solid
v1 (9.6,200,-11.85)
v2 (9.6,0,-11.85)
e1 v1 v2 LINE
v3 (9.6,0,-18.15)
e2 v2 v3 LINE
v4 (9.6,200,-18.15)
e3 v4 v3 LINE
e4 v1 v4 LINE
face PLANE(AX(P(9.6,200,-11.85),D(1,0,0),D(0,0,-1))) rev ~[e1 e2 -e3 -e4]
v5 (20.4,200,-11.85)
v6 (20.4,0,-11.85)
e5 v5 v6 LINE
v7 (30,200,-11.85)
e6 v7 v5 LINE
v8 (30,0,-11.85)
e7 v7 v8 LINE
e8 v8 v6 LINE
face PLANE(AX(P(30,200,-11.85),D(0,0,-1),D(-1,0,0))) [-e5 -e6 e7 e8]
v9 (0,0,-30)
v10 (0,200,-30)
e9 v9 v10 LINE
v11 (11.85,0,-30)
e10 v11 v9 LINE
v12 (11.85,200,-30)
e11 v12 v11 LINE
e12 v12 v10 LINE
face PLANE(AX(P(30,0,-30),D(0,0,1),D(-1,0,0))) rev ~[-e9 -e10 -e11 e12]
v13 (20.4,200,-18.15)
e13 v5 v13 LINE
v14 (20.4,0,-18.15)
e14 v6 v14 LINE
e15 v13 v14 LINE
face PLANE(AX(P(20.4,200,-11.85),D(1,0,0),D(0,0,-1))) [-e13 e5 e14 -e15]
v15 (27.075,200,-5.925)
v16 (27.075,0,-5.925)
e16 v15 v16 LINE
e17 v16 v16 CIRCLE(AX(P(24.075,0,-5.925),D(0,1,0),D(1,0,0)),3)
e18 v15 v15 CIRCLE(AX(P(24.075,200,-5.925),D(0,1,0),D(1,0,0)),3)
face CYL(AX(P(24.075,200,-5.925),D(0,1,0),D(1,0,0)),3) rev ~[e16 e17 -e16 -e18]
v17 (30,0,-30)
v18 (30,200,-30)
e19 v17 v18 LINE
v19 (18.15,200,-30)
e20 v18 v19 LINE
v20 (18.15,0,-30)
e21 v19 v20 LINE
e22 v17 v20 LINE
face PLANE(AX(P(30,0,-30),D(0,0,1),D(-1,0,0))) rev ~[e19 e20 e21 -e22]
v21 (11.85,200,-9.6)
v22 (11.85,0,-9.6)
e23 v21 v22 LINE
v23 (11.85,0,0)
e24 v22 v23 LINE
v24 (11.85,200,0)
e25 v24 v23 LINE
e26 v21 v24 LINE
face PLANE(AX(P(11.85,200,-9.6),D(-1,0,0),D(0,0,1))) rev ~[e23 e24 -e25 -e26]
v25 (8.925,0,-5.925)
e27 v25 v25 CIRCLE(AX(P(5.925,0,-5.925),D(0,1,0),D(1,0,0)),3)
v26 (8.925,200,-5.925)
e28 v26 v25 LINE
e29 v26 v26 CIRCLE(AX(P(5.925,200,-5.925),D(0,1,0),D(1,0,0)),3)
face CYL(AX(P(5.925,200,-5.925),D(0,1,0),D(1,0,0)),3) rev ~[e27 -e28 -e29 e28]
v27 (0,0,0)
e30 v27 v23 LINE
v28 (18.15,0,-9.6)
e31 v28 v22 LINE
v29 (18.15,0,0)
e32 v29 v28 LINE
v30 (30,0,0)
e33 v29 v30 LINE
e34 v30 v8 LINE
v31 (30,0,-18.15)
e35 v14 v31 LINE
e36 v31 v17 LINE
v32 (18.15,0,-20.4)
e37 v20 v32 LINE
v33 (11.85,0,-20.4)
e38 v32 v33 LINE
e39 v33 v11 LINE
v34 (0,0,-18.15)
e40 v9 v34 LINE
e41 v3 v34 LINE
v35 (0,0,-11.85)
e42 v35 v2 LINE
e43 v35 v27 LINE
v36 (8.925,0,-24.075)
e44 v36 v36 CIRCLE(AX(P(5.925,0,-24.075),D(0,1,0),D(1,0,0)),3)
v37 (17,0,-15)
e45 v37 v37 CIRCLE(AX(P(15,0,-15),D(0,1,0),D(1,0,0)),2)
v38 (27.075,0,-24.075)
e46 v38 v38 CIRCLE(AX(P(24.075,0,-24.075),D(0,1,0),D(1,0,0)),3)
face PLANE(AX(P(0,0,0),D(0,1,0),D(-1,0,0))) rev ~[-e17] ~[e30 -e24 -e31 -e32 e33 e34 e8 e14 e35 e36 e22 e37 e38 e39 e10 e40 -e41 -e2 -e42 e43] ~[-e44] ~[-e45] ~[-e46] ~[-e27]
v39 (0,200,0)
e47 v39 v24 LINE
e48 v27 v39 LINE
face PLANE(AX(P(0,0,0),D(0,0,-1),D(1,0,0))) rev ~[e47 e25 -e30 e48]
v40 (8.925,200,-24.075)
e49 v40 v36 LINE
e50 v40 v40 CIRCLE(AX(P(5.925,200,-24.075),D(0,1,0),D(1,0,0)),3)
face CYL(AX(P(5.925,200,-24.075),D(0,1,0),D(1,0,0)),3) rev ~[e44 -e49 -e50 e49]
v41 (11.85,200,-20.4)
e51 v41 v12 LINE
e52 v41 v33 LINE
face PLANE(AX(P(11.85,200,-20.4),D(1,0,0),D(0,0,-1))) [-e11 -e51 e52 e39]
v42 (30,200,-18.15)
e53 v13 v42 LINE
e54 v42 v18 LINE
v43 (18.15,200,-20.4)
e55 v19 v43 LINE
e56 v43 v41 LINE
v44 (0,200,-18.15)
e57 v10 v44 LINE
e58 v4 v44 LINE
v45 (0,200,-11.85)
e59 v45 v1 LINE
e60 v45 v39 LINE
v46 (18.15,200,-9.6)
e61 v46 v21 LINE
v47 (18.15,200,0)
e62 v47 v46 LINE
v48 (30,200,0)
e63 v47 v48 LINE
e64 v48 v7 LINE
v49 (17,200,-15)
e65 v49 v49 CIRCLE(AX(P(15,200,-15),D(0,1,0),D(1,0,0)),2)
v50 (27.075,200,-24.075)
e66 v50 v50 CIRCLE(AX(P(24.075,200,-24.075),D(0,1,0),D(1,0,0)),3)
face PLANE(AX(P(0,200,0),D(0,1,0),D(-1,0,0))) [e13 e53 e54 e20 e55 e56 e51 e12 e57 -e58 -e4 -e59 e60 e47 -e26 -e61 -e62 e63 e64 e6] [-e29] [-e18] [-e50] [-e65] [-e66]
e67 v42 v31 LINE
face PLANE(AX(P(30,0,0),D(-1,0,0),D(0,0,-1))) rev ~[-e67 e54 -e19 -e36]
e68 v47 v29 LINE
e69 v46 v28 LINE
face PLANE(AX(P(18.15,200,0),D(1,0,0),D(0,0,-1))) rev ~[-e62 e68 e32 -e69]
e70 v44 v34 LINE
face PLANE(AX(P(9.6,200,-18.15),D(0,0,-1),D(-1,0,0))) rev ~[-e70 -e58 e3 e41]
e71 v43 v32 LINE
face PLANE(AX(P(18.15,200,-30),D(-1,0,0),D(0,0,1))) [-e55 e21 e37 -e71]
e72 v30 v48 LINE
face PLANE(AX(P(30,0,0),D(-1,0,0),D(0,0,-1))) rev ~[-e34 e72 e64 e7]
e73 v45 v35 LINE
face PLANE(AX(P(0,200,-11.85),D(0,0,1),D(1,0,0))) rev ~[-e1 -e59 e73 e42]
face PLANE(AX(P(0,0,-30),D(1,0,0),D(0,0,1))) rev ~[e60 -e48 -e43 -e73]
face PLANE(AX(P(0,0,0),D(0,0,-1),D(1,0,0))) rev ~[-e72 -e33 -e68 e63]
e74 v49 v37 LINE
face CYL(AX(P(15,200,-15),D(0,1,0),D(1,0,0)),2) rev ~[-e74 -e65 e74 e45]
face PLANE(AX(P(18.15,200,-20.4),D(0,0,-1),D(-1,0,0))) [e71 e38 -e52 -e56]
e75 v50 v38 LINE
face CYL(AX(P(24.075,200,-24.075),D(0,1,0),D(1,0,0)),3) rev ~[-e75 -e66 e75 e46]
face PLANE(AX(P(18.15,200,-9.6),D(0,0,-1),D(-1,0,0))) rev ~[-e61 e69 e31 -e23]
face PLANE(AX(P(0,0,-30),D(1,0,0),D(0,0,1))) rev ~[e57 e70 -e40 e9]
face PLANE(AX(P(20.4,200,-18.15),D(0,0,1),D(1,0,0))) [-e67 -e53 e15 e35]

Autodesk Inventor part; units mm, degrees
ref_plane "YZ Plane" through (0, 0, 0) normal (1, 0, 0) x (0, 1, 0)
ref_plane "XZ Plane" through (0, 0, 0) normal (0, 1, 0) x (-1, 0, 0)
ref_plane "XY Plane" through (0, 0, 0) normal (0, 0, 1) x (1, 0, 0)
sketch "스케치1" plane through (0, 0, 0) normal (0, 1, 0) x (-1, 0, 0)
  line L0 (0, 0) -> (-30, 0)
  line L1 (-30, 0) -> (-30, -30)
  line L2 (-30, -30) -> (0, -30)
  line L3 (0, -30) -> (0, 0)
  dimension "d0" = 30
  dimension "d1" = 30
extrude "돌출1" add sketch "스케치1" along normal blind 200
sketch "스케치6" plane through (0, 200, 0) normal (0, 1, 0) x (1, 0, 0)
  line L0 (0, 11.85) -> (9.6, 11.85)
  line L1 (9.6, 11.85) -> (9.6, 18.15)
  line L2 (9.6, 18.15) -> (0, 18.15)
  line L3 (0, 18.15) -> (0, 11.85)
  line L4 (0, 30) -> (0, 0) projected
  line L5 (0, 0) -> (30, 0) construction
  line L6 (15, 0) -> (15, 30) construction
  line L7 (30, 30) -> (0, 30) construction
  line L8 (0, 15) -> (30, 15) construction
  line L9 (11.85, 0) -> (18.15, 0)
  line L10 (18.15, 0) -> (18.15, 9.6)
  line L11 (18.15, 9.6) -> (11.85, 9.6)
  line L12 (11.85, 9.6) -> (11.85, 0)
  line L13 (0, 30) -> (30, 30) construction
  line L14 (11.85, 30) -> (18.15, 30)
  line L15 (18.15, 30) -> (18.15, 20.4)
  line L16 (18.15, 20.4) -> (11.85, 20.4)
  line L17 (11.85, 20.4) -> (11.85, 30)
  line L18 (30, 11.85) -> (20.4, 11.85)
  line L19 (20.4, 11.85) -> (20.4, 18.15)
  line L20 (20.4, 18.15) -> (30, 18.15)
  line L21 (30, 18.15) -> (30, 11.85)
  dimension "d15" = 6.3
  dimension "d16" = 9.6
  dimension "d17" = 9.6
  dimension "d18" = 6.3
extrude "돌출4" cut sketch "스케치6" against normal blind 500
sketch "스케치7" plane through (0, 200, 0) normal (0, 1, 0) x (1, 0, 0)
  circle A0 centre (5.925, 5.925) radius 3
  circle A1 centre (5.925, 24.075) radius 3
  circle A2 centre (24.075, 24.075) radius 3
  circle A3 centre (24.075, 5.925) radius 3
  circle A4 centre (15, 15) radius 2
  line L0 (0, 0) -> (11.85, 0) projected
  line L1 (0, 11.85) -> (0, 0) projected
  line L2 (11.85, 30) -> (0, 30) projected
  line L3 (30, 18.15) -> (30, 30) projected
  line L4 (9.6, 18.15) -> (9.6, 11.85) projected
  line L5 (18.15, 20.4) -> (11.85, 20.4) projected
  point P0 (9.6, 15)
  point P1 (15, 20.4)
  dimension "d21" = 6
  dimension "d22" = 6
  dimension "d23" = 6
  dimension "d24" = 6
  dimension "d25" = 5.925
  dimension "d26" = 5.925
  dimension "d27" = 5.925
  dimension "d28" = 5.925
  dimension "d29" = 4
extrude "돌출5" cut sketch "스케치7" against normal blind 200
properties part number "3030column"
